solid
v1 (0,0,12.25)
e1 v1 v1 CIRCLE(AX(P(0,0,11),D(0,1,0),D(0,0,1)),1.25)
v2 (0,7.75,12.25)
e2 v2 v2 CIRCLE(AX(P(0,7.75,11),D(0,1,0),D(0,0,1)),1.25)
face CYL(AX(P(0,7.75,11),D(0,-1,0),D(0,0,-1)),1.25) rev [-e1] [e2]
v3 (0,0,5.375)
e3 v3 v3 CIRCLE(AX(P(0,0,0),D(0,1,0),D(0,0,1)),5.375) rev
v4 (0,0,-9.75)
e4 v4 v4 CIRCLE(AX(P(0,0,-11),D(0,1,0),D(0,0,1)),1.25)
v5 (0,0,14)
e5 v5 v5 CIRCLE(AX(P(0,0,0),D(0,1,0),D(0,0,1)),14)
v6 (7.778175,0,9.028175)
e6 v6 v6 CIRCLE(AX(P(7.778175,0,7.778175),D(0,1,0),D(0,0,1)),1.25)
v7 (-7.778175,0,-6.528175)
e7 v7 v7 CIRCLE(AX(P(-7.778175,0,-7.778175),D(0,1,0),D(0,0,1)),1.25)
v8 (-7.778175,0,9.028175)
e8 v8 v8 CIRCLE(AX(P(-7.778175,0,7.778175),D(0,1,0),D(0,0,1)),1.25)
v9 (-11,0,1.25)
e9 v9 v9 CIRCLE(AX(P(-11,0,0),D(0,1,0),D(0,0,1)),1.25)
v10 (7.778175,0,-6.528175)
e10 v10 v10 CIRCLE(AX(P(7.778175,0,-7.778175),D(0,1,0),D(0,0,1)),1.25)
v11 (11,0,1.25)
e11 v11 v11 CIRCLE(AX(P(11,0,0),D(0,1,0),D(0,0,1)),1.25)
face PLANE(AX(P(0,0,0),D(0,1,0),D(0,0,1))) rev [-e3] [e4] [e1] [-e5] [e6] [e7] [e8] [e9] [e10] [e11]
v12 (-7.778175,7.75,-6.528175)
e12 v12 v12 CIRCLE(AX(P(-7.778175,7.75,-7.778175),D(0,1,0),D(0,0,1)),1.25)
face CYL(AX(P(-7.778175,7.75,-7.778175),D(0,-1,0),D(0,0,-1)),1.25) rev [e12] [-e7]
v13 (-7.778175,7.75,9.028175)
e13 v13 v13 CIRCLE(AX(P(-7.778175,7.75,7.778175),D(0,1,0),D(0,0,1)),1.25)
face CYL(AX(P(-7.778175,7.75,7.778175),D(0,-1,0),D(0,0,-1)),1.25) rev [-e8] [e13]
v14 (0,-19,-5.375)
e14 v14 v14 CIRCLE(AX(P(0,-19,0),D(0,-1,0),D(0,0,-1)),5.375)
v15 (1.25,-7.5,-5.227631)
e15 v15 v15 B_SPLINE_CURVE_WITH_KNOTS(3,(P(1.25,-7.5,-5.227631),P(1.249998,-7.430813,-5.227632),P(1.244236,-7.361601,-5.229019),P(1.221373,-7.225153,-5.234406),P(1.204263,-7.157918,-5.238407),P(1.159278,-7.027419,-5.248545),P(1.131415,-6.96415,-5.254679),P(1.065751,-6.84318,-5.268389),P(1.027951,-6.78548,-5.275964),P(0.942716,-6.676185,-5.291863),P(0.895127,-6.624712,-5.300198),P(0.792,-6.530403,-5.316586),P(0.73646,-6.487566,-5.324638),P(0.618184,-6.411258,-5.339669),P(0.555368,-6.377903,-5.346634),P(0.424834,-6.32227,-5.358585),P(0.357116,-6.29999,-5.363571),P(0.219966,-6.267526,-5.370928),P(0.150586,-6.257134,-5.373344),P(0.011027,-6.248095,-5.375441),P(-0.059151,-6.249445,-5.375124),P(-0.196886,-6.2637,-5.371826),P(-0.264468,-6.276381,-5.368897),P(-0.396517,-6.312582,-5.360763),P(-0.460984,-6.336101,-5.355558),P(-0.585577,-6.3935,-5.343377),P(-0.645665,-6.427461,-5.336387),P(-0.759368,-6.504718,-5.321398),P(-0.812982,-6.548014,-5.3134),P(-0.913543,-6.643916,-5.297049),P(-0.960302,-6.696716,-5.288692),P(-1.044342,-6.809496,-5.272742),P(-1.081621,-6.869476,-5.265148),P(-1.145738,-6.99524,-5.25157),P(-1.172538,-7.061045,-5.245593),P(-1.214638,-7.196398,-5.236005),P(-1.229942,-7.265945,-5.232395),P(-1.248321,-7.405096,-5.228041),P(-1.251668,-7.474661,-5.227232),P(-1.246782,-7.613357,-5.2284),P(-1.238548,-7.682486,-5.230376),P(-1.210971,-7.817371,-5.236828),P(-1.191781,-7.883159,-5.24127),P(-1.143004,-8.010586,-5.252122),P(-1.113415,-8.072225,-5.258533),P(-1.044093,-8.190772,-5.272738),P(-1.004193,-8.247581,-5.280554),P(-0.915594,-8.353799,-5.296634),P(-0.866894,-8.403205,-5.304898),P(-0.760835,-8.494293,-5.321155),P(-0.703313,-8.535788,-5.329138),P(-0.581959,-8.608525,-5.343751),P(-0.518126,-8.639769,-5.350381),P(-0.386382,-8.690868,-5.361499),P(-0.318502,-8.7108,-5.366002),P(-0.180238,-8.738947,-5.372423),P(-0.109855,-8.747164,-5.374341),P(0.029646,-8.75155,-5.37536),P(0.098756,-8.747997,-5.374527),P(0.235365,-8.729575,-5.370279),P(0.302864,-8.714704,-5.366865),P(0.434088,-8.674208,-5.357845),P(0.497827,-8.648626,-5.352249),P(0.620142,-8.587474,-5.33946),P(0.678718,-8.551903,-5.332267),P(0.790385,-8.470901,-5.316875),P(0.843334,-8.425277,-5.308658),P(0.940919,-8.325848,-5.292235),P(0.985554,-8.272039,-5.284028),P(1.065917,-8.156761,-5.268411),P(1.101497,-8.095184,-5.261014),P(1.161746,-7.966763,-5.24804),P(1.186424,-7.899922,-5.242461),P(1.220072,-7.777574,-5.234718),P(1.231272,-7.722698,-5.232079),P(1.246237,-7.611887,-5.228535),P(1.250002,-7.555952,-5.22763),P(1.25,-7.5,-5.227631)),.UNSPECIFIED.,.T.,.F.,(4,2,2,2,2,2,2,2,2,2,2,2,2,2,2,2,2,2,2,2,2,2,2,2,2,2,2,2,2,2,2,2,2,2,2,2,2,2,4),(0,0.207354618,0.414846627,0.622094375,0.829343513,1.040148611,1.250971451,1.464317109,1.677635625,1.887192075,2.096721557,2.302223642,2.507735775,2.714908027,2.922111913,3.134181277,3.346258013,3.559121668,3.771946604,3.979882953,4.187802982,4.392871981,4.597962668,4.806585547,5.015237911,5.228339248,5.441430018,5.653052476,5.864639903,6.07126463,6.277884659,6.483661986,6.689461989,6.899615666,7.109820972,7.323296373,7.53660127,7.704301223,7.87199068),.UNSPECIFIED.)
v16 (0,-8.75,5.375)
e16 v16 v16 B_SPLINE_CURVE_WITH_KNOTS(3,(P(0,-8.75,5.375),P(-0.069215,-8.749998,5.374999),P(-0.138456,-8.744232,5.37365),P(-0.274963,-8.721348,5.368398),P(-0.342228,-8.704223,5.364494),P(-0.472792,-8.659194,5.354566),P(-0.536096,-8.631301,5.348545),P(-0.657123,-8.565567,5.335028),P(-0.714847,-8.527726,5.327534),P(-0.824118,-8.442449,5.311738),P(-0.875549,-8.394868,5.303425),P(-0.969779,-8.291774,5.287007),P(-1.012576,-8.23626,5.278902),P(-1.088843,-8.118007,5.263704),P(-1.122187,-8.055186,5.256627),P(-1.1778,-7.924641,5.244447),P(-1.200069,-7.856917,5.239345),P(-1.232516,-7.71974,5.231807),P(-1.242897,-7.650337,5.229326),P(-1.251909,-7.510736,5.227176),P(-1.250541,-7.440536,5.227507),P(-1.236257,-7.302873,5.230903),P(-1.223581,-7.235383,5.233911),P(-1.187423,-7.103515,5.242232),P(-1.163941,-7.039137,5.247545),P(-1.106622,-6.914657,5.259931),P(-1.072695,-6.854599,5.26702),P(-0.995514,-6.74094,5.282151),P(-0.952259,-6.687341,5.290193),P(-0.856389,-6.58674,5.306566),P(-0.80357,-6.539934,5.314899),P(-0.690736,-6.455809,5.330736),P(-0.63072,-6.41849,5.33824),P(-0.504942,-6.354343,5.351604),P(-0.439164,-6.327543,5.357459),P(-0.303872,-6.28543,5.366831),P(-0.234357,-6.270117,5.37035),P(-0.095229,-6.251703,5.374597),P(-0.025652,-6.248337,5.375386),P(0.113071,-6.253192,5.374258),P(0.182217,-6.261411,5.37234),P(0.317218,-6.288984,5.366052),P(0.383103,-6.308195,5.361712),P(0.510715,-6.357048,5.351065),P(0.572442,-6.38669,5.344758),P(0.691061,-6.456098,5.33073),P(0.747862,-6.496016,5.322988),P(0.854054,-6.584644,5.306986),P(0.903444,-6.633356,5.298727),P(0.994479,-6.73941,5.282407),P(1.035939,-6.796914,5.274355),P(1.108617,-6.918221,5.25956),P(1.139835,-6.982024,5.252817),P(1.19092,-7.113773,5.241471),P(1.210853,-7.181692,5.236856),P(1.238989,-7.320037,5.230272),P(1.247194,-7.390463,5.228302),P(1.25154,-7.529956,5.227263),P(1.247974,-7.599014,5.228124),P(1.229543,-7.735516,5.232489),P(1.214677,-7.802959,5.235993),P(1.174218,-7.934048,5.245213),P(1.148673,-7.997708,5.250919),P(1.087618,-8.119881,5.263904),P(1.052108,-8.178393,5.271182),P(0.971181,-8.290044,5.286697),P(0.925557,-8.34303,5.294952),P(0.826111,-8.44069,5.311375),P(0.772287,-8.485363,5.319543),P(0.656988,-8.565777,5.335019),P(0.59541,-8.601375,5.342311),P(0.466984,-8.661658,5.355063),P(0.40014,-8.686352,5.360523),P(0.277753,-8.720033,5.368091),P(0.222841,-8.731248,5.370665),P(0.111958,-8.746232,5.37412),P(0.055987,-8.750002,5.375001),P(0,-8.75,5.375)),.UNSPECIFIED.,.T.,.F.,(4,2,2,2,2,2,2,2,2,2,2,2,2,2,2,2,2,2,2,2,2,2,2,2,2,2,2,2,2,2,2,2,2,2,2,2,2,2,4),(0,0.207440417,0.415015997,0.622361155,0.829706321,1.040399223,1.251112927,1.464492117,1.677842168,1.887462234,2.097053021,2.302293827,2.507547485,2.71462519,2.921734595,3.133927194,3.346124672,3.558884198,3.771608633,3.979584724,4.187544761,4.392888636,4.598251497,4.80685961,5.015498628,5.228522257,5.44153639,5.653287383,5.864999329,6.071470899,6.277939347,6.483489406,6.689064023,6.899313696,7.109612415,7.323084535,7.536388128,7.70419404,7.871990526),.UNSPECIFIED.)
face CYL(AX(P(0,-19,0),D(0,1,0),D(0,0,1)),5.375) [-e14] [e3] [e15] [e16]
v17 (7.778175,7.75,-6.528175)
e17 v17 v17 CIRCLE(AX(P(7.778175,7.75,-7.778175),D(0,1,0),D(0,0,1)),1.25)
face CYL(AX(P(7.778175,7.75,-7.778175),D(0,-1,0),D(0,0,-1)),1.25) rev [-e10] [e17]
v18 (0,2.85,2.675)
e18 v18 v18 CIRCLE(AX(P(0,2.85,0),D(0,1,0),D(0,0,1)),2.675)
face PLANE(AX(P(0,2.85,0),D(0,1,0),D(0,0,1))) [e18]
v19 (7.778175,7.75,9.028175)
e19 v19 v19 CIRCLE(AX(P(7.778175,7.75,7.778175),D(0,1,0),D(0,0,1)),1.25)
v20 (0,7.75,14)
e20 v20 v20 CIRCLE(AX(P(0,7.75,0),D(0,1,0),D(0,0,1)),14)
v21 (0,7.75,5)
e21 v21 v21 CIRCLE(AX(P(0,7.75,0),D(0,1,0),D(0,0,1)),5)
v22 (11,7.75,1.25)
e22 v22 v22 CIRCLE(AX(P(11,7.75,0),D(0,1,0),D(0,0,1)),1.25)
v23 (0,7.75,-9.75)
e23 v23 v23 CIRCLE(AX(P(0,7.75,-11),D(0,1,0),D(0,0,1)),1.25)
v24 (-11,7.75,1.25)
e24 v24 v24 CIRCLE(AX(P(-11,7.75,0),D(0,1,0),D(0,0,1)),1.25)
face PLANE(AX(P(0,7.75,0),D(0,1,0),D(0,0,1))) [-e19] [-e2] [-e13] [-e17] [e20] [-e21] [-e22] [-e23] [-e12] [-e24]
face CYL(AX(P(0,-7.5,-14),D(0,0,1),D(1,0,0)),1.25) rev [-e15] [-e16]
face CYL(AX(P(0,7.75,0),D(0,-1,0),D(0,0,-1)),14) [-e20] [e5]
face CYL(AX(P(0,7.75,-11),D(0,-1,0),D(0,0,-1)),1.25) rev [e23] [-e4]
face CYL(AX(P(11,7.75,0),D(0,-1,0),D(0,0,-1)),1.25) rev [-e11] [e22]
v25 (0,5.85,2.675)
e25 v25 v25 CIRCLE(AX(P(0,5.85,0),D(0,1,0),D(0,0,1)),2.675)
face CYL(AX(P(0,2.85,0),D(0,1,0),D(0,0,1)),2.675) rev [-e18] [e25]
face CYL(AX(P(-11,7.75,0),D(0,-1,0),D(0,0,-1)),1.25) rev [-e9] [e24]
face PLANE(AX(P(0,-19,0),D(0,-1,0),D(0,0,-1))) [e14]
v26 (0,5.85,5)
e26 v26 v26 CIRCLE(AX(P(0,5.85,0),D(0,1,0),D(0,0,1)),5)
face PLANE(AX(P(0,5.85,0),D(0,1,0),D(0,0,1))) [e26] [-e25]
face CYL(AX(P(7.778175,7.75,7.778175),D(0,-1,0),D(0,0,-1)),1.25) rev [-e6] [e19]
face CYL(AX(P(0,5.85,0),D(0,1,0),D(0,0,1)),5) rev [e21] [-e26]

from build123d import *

# Parameters (mm, degrees)
SKETCH1_R               = 14
SKETCH1_R_2             = 1.25
BOSS_EXTRUDE1_DEPTH     = 7.75
SKETCH2_R               = 5
CUT_EXTRUDE1_DEPTH      = 1.9
SKETCH5_R               = 2.675
CUT_EXTRUDE3_DEPTH      = 3
SKETCH3_R               = 5.375
BOSS_EXTRUDE2_DEPTH     = 19
SKETCH4_R               = 1.25
CUT_EXTRUDE4_DEPTH      = 15
CUT_EXTRUDE4_DEPTH_BACK = 15


with BuildPart() as part:
    # Sketch1 → Boss-Extrude1 (new body)
    with BuildSketch(Plane(origin=(0, 0, 0), x_dir=(1, 0, 0), z_dir=(0, 1, 0))):
        Circle(SKETCH1_R)
        with Locations((-7.778174593, 7.778174593)):
            Circle(SKETCH1_R_2, mode=Mode.SUBTRACT)
        with Locations((0, 11)):
            Circle(SKETCH1_R_2, mode=Mode.SUBTRACT)
        with Locations((7.778174593, 7.778174593)):
            Circle(SKETCH1_R_2, mode=Mode.SUBTRACT)
        with Locations((11, 0)):
            Circle(SKETCH1_R_2, mode=Mode.SUBTRACT)
        with Locations((7.778174593, -7.778174593)):
            Circle(SKETCH1_R_2, mode=Mode.SUBTRACT)
        with Locations((0, -11)):
            Circle(SKETCH1_R_2, mode=Mode.SUBTRACT)
        with Locations((-11, 0)):
            Circle(SKETCH1_R_2, mode=Mode.SUBTRACT)
        with Locations((-7.778174593, -7.778174593)):
            Circle(SKETCH1_R_2, mode=Mode.SUBTRACT)
    extrude(amount=BOSS_EXTRUDE1_DEPTH)

    # Sketch2 → Cut-Extrude1 (cut)
    with BuildSketch(Plane(origin=(0, 7.75, 0), x_dir=(1, 0, 0), z_dir=(0, 1, 0))):
        Circle(SKETCH2_R)
    extrude(amount=-CUT_EXTRUDE1_DEPTH, mode=Mode.SUBTRACT)

    # Sketch5 → Cut-Extrude3 (cut)
    with BuildSketch(Plane(origin=(0, 5.85, 0), x_dir=(1, 0, 0), z_dir=(0, 1, 0))):
        Circle(SKETCH5_R)
    extrude(amount=-CUT_EXTRUDE3_DEPTH, mode=Mode.SUBTRACT)

    # Sketch3 → Boss-Extrude2 (add)
    with BuildSketch(Plane.XZ):
        Circle(SKETCH3_R)
    extrude(amount=BOSS_EXTRUDE2_DEPTH)

    # Sketch4 → Cut-Extrude4 (cut, two sides)
    with BuildSketch(Plane.XY) as cut_extrude4_sk:
        with Locations((0, -7.5)):
            Circle(SKETCH4_R)
    extrude(amount=CUT_EXTRUDE4_DEPTH, mode=Mode.SUBTRACT)
    extrude(cut_extrude4_sk.sketch, amount=-CUT_EXTRUDE4_DEPTH_BACK, mode=Mode.SUBTRACT)


solid = part.part
